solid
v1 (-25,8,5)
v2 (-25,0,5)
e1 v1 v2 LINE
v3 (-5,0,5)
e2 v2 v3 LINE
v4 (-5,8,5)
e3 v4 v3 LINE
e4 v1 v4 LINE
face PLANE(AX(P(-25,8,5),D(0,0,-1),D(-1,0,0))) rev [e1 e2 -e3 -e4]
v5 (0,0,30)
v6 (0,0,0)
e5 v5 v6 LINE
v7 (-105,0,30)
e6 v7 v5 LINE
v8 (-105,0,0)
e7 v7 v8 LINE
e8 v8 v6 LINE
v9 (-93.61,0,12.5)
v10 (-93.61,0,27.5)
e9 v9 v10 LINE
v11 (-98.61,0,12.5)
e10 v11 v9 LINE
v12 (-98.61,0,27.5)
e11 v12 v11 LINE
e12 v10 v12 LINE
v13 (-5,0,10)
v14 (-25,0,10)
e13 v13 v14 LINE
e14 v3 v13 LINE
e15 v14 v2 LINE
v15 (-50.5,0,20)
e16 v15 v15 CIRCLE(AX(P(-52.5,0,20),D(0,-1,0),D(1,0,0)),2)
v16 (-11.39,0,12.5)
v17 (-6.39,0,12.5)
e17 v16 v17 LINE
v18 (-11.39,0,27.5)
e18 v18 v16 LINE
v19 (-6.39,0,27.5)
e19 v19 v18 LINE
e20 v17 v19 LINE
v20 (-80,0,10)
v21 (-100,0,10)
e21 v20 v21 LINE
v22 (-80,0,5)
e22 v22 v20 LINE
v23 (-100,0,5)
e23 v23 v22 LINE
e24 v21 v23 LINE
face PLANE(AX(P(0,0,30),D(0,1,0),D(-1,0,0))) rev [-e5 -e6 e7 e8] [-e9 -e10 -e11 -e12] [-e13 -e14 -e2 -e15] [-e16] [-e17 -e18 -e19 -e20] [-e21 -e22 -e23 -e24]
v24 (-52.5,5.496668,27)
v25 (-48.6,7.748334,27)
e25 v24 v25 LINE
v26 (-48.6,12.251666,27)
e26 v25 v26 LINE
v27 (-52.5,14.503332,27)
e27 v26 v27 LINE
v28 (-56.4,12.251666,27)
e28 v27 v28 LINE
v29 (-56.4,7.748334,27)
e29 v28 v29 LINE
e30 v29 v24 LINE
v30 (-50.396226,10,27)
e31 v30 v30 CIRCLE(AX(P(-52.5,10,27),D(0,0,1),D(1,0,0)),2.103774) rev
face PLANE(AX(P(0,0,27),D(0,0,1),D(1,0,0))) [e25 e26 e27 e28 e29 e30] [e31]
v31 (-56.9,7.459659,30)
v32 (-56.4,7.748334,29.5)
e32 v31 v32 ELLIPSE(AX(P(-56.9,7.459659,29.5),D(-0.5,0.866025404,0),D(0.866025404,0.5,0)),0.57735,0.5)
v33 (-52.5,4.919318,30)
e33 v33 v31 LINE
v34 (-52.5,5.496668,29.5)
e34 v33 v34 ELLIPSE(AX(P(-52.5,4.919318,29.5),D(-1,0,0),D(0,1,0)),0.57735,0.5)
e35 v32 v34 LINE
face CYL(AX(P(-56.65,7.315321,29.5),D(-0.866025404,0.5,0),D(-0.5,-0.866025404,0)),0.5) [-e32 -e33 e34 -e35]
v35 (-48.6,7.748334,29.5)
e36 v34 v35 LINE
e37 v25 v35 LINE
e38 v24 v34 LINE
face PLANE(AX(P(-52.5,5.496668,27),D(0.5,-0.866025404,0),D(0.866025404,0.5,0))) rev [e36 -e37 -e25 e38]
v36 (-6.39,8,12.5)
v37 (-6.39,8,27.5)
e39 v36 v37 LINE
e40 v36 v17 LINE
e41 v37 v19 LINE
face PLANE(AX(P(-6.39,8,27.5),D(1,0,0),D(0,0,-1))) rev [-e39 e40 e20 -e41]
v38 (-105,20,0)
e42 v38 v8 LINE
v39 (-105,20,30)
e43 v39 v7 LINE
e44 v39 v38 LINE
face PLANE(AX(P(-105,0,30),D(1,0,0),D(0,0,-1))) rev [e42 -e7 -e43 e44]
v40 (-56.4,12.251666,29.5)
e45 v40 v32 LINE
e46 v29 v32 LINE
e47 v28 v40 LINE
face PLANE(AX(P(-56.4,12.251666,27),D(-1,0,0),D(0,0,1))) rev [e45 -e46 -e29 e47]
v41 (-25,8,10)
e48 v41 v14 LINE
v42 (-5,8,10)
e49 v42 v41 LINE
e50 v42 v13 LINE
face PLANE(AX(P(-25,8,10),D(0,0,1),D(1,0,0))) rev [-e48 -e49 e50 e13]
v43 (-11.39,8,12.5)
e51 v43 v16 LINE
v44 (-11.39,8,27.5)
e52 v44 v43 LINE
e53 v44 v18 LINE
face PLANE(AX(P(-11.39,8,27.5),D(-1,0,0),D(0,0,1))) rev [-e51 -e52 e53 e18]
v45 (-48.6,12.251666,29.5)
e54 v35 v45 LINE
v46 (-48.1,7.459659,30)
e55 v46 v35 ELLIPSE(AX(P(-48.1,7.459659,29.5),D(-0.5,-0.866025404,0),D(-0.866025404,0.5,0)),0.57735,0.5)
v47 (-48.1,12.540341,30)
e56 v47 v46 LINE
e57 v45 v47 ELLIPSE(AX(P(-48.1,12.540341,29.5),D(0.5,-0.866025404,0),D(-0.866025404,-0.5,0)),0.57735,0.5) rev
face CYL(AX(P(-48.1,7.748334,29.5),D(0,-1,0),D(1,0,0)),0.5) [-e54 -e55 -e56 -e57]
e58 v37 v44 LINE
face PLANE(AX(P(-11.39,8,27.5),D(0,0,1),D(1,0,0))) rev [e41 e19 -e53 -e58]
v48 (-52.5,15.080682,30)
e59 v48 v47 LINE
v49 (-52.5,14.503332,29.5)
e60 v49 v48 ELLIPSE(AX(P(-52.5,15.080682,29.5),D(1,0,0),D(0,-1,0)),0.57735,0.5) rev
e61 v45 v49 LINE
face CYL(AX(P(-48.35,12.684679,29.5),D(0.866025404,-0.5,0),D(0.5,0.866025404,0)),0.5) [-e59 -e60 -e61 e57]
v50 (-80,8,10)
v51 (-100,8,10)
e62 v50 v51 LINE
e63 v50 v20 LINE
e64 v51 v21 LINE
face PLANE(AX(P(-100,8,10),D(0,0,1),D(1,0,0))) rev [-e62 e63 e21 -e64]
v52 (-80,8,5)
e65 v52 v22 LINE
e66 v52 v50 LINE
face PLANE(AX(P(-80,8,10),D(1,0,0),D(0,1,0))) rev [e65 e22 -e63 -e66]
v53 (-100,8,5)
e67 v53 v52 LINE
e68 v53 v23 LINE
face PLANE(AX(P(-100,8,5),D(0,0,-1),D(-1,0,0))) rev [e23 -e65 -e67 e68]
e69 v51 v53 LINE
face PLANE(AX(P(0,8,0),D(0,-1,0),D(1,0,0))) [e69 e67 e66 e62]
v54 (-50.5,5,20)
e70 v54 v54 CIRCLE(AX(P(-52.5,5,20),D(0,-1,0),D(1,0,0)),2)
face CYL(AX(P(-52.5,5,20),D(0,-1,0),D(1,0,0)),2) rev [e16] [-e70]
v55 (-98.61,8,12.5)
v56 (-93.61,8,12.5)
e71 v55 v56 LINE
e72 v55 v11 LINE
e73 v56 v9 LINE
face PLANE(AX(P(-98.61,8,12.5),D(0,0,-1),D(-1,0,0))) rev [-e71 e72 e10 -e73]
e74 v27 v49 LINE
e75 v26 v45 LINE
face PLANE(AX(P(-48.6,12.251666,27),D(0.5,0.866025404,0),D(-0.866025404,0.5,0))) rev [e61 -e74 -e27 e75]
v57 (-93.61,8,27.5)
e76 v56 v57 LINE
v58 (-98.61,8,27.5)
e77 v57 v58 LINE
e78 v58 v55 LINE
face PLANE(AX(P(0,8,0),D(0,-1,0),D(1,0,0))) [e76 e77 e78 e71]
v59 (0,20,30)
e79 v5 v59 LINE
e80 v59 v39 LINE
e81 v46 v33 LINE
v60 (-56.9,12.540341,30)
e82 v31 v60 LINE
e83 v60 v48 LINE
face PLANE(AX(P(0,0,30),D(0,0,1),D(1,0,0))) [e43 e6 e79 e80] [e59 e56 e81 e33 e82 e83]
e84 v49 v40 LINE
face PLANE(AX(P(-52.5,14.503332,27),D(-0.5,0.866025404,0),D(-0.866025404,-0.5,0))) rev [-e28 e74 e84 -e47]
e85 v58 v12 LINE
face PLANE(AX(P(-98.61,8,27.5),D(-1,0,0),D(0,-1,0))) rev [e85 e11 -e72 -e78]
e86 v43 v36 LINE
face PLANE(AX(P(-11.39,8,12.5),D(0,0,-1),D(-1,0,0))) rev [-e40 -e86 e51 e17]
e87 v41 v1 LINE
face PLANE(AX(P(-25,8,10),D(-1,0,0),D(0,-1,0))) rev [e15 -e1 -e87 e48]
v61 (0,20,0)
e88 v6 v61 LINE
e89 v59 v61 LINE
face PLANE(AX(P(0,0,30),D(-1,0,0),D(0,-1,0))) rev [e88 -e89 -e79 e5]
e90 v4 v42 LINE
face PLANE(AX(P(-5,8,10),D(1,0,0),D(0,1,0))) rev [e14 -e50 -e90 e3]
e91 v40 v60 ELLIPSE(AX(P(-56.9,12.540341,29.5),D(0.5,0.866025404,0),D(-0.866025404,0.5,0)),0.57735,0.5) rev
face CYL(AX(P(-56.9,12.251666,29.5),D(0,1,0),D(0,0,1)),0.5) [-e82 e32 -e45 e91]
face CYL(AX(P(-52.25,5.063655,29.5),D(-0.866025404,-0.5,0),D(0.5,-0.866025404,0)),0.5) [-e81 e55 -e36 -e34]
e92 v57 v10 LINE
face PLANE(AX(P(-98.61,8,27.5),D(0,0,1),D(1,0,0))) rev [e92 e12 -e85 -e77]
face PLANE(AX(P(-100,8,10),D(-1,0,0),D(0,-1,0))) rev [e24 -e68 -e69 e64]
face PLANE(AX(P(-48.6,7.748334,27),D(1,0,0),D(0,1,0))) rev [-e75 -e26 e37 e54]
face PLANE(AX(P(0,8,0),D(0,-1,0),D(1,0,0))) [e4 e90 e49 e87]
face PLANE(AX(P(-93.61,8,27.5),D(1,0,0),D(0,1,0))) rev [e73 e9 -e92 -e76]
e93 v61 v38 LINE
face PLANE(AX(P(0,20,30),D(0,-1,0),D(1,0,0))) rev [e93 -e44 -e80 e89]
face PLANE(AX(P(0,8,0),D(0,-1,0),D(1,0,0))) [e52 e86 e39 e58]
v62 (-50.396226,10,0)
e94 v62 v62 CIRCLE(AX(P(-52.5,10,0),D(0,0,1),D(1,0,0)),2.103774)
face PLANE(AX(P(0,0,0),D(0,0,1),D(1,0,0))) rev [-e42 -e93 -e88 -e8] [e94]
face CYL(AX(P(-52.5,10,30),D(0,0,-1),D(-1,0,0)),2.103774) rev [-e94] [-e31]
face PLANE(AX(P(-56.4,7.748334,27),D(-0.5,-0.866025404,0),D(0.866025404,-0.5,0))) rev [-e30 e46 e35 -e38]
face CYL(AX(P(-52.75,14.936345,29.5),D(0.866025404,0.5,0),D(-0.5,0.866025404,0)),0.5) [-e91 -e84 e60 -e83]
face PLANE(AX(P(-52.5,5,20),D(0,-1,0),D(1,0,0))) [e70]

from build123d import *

# Parameters (mm, degrees)
ESQUISSE1_W             = 105
ESQUISSE1_H             = 20
BOSS_EXTRU_1_DEPTH      = 30
ENL_V_MAT_EXTRU_1_DEPTH = 3
CONG_2_R                = 0.5
ESQUISSE8_R             = 2.103774153
ENL_V_MAT_EXTRU_3_DEPTH = 112.018016556
ESQUISSE9_R             = 2
ENL_V_MAT_EXTRU_5_DEPTH = 5
ESQUISSE10_W            = 20
ESQUISSE10_H            = 5
ESQUISSE10_W_2          = 5
ESQUISSE10_H_2          = 15
ENL_V_MAT_EXTRU_6_DEPTH = 8


with BuildPart() as part:
    # Esquisse1 → Boss.-Extru.1 (new body)
    with BuildSketch(Plane.XY):
        with Locations((-52.5, 10)):
            Rectangle(ESQUISSE1_W, ESQUISSE1_H)
    extrude(amount=BOSS_EXTRU_1_DEPTH)

    # Esquisse2 → Enlèv. mat.-Extru.1 (cut)
    with BuildSketch(Plane.XY.offset(30)):
        Polygon((-52.5, 5.4966679), (-48.6, 7.74833395), (-48.6, 12.25166605), (-52.5, 14.5033321), (-56.4, 12.25166605), (-56.4, 7.74833395), align=None)
    extrude(amount=-ENL_V_MAT_EXTRU_1_DEPTH, mode=Mode.SUBTRACT)

    # Congé2
    cong_2_edges = [part.edges().sort_by_distance(p)[0] for p in [
        (-54.45, 6.622500925, 30),
        (-50.55, 6.622500925, 30),
        (-48.6, 10, 30),
        (-50.55, 13.377499075, 30),
        (-54.45, 13.377499075, 30),
        (-56.4, 10, 30),
    ]]
    fillet(cong_2_edges, radius=CONG_2_R)

    # Esquisse8 → Enlèv. mat.-Extru.3 (cut, through all)
    with BuildSketch(Plane.XY):
        with Locations((-52.5, 10)):
            Circle(ESQUISSE8_R)
    extrude(amount=ENL_V_MAT_EXTRU_3_DEPTH, mode=Mode.SUBTRACT)

    # Esquisse9 → Enlèv. mat.-Extru.5 (cut)
    with BuildSketch(Plane.XZ):
        with Locations((-52.5, 20)):
            Circle(ESQUISSE9_R)
    extrude(amount=-ENL_V_MAT_EXTRU_5_DEPTH, mode=Mode.SUBTRACT)

    # Esquisse10 → Enlèv. mat.-Extru.6 (cut)
    with BuildSketch(Plane.XZ):
        with Locations((-15, 7.5)):
            Rectangle(ESQUISSE10_W, ESQUISSE10_H)
        with Locations((-8.89, 20)):
            Rectangle(ESQUISSE10_W_2, ESQUISSE10_H_2)
        with Locations((-96.11, 20)):
            Rectangle(ESQUISSE10_W_2, ESQUISSE10_H_2)
        with Locations((-90, 7.5)):
            Rectangle(ESQUISSE10_W, ESQUISSE10_H)
    extrude(amount=-ENL_V_MAT_EXTRU_6_DEPTH, mode=Mode.SUBTRACT)


solid = part.part
